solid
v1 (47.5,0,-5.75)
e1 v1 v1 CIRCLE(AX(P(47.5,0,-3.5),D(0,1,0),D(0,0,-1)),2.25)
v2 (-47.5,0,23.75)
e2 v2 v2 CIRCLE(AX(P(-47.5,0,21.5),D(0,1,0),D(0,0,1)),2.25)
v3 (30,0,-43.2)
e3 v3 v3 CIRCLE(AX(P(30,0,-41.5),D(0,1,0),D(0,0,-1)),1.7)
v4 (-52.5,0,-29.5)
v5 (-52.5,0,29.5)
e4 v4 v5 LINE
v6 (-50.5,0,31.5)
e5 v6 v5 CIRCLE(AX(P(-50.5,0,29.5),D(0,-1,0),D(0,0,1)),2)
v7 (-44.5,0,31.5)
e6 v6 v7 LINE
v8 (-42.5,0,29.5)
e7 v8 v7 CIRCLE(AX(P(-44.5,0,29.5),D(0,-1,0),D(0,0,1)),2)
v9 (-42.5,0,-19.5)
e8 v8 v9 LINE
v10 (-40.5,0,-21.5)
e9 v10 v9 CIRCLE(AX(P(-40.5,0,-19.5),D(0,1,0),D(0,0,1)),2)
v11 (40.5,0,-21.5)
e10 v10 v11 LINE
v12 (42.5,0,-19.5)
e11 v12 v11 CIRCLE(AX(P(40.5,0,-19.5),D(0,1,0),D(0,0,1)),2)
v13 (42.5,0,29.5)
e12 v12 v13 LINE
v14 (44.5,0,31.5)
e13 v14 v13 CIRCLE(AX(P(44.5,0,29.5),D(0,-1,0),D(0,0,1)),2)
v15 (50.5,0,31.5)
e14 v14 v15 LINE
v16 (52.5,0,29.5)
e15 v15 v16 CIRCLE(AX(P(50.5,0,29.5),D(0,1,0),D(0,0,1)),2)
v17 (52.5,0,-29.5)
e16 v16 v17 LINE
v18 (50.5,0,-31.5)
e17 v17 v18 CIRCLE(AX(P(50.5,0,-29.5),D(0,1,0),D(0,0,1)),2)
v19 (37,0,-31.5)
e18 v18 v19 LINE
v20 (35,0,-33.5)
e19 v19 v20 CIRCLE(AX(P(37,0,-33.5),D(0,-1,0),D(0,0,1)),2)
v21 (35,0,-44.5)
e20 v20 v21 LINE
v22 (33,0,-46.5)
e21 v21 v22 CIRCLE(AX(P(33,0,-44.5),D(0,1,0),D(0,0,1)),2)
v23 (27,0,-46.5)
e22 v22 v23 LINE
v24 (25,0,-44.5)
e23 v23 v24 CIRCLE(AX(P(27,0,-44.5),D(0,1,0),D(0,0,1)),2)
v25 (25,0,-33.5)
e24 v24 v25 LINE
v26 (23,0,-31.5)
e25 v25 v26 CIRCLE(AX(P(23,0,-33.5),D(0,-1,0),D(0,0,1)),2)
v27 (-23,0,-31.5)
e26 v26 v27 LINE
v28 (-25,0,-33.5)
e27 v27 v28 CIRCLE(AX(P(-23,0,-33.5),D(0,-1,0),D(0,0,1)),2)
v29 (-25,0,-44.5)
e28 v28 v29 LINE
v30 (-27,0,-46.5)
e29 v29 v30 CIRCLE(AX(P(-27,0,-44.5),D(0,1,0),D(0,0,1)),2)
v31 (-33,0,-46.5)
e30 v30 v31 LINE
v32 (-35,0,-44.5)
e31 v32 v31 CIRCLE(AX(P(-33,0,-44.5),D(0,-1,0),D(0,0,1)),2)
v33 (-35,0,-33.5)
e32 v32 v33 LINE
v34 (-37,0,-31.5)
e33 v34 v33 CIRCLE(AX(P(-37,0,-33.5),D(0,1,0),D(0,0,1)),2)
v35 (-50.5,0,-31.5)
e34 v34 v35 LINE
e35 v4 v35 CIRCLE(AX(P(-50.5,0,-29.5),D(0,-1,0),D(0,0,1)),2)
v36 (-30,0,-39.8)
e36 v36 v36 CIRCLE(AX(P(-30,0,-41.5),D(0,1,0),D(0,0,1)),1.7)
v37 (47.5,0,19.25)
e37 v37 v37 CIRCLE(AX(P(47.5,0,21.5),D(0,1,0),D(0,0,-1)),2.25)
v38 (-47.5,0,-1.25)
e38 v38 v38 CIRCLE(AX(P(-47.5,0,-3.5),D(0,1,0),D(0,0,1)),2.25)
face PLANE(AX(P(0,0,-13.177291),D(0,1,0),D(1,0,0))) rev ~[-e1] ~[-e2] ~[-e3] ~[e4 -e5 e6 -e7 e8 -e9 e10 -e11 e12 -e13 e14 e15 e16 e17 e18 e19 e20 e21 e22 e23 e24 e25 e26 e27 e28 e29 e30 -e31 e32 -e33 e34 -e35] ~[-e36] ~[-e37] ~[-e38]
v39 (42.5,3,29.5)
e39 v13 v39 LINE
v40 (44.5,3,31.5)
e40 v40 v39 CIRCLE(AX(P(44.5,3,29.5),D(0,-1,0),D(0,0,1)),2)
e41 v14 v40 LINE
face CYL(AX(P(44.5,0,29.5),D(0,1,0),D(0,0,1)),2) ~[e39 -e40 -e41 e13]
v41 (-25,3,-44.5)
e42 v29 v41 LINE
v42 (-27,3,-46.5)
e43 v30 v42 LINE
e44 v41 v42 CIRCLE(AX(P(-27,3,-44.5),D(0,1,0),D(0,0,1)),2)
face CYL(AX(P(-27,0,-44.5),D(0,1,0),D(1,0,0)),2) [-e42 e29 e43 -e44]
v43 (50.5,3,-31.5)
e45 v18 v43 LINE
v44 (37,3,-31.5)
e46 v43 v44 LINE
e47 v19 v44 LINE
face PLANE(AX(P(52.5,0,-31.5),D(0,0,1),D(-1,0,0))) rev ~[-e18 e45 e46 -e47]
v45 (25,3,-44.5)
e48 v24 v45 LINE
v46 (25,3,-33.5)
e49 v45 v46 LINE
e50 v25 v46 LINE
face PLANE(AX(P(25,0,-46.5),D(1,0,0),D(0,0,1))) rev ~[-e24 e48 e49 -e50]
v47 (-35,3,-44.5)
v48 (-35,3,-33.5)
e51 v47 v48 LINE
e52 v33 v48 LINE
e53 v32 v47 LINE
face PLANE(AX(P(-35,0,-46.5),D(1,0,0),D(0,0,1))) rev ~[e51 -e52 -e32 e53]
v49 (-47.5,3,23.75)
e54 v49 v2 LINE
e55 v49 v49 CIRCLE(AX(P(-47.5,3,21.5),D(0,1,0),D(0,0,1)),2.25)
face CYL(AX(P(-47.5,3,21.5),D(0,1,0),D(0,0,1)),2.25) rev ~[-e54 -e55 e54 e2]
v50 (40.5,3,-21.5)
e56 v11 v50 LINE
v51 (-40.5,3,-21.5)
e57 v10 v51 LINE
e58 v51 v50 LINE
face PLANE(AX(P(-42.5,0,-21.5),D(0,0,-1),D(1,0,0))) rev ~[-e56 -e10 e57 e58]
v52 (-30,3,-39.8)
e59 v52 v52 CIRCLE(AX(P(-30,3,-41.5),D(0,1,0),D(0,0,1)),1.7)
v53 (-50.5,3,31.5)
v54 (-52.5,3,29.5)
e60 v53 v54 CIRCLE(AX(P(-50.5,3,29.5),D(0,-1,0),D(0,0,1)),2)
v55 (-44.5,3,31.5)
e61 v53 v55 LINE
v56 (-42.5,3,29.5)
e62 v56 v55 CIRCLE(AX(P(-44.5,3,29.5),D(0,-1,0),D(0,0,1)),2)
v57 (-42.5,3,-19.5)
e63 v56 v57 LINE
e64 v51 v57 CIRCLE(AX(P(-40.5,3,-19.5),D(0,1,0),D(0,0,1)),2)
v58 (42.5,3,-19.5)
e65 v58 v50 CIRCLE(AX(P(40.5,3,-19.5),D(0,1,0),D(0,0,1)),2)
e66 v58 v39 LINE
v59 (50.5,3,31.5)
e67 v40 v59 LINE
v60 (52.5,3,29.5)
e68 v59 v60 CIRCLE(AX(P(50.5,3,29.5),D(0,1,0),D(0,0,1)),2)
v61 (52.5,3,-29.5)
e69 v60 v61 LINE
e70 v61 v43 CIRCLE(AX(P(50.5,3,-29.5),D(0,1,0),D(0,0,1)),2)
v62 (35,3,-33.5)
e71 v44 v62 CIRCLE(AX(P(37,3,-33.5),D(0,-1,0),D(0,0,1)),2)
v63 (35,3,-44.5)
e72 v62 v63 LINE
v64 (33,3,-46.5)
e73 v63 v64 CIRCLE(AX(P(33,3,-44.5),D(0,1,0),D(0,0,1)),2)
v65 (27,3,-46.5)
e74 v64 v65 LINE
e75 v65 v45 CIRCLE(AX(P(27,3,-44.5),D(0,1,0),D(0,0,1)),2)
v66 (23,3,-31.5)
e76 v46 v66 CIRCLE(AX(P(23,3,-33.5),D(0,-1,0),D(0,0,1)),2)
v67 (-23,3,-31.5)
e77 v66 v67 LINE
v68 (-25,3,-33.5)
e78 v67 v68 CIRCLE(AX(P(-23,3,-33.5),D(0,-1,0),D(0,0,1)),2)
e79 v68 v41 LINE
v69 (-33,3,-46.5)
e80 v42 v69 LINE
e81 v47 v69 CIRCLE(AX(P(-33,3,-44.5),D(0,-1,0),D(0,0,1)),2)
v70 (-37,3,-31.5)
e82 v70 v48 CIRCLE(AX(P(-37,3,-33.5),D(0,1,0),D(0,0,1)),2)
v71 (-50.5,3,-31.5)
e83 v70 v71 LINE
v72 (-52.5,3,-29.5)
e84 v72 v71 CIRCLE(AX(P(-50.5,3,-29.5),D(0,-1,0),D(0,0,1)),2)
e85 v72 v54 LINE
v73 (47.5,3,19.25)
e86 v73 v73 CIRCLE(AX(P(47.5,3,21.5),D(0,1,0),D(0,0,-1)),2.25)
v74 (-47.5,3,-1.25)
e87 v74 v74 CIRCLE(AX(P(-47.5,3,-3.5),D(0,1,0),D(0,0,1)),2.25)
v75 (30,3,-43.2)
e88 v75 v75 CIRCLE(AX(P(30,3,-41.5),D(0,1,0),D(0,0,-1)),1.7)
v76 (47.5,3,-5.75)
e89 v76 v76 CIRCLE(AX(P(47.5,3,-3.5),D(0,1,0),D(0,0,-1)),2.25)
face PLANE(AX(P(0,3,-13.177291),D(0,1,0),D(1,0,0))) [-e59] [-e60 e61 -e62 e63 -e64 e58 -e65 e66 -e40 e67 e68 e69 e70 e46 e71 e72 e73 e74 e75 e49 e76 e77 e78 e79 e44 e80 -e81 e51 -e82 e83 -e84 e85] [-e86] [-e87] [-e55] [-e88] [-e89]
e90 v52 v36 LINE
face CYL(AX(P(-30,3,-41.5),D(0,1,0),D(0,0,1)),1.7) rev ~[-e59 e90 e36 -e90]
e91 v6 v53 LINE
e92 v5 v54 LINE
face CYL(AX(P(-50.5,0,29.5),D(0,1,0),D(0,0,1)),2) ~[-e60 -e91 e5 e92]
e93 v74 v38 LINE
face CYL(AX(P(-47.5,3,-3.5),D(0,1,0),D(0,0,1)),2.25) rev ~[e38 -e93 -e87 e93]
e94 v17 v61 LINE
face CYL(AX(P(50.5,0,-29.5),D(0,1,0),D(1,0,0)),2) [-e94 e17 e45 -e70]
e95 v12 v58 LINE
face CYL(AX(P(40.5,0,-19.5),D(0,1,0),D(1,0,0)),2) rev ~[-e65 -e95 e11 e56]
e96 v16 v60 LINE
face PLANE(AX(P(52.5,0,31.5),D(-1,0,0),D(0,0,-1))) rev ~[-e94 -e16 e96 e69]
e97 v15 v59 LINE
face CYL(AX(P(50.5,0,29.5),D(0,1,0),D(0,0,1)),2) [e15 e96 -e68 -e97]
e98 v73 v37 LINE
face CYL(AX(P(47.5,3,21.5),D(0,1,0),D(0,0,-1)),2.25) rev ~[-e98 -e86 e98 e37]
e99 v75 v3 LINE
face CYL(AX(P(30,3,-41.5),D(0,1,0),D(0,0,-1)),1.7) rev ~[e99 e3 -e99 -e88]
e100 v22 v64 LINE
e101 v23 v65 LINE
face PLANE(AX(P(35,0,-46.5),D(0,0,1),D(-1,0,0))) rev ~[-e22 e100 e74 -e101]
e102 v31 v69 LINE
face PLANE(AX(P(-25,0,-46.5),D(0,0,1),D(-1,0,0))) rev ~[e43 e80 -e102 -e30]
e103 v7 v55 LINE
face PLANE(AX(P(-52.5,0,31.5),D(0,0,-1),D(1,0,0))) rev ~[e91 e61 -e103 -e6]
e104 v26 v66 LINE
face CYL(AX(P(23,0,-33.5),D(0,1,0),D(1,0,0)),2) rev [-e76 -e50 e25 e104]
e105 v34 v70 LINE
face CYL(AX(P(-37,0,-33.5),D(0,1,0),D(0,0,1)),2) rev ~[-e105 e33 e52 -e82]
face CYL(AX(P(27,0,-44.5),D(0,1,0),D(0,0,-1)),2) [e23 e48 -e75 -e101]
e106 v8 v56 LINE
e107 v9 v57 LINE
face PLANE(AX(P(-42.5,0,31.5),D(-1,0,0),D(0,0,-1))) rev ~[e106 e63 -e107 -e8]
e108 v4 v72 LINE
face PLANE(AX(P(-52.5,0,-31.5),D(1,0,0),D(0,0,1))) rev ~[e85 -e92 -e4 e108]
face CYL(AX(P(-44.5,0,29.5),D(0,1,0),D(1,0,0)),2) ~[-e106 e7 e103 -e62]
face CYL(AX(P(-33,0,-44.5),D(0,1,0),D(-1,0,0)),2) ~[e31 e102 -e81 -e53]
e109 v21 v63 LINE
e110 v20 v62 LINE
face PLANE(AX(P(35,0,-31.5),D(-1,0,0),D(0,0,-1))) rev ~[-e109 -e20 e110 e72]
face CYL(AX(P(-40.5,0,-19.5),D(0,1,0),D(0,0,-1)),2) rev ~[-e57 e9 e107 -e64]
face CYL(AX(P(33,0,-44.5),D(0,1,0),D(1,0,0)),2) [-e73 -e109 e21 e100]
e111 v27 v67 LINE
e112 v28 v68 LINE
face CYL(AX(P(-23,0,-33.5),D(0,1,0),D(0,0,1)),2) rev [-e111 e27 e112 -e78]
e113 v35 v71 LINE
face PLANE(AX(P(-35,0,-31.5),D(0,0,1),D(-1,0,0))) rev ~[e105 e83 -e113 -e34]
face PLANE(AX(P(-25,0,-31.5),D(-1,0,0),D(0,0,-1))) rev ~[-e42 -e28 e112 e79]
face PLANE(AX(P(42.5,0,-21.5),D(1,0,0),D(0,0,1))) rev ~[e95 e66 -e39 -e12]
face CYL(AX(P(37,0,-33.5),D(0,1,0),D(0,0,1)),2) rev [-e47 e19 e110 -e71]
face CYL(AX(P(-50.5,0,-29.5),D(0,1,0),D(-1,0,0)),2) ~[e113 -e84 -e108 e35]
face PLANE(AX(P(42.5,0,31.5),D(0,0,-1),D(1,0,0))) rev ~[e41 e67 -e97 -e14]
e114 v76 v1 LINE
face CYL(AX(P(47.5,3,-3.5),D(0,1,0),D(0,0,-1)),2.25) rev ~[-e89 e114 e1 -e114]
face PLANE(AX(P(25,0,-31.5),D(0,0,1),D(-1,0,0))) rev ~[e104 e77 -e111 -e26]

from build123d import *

# Parameters (mm, degrees)
EXTRUDE_1_DEPTH     = 3
SKETCH_2_R          = 2.25
SKETCH_2_R_2        = 1.7
CUT_EXTRUDE_1_DEPTH = 3
FILLET_1_R          = 2


with BuildPart() as part:
    # 草图1 → 凸台-拉伸1 (new body)
    with BuildSketch(Plane(origin=(0, 0, 0), x_dir=(1, 0, 0), z_dir=(0, 1, 0))):
        Polygon((42.5, -31.5), (52.5, -31.5), (52.5, 31.5), (35, 31.5), (35, 46.5), (25, 46.5), (25, 31.5), (-25, 31.5), (-25, 46.5), (-35, 46.5), (-35, 31.5), (-52.5, 31.5), (-52.5, -31.5), (-42.5, -31.5), (-42.5, 21.5), (42.5, 21.5), align=None)
    extrude(amount=EXTRUDE_1_DEPTH)

    # 草图2 → 切除-拉伸1 (cut)
    with BuildSketch(Plane(origin=(0, 3, 0), x_dir=(1, 0, 0), z_dir=(0, 1, 0))):
        with Locations(Location((-47.5, -21.5, 0), (0, 0, 270))):
            Circle(SKETCH_2_R)
        with Locations(Location((-47.5, 3.5, 0), (0, 0, 270))):
            Circle(SKETCH_2_R)
        with Locations(Location((-30, 41.5, 0), (0, 0, 270))):
            Circle(SKETCH_2_R_2)
        with Locations(Location((47.5, -21.5, 0), (0, 0, 90))):
            Circle(SKETCH_2_R)
        with Locations(Location((47.5, 3.5, 0), (0, 0, 90))):
            Circle(SKETCH_2_R)
        with Locations(Location((30, 41.5, 0), (0, 0, 90))):
            Circle(SKETCH_2_R_2)
    extrude(amount=-CUT_EXTRUDE_1_DEPTH, mode=Mode.SUBTRACT)

    # 圆角1
    fillet_1_edges = [part.edges().sort_by_distance(p)[0] for p in [
        (52.5, 1.5, -31.5),
        (52.5, 1.5, 31.5),
        (42.5, 1.5, 31.5),
        (42.5, 1.5, -21.5),
        (-42.5, 1.5, -21.5),
        (-42.5, 1.5, 31.5),
        (-52.5, 1.5, 31.5),
        (-52.5, 1.5, -31.5),
        (-35, 1.5, -31.5),
        (-35, 1.5, -46.5),
        (-25, 1.5, -46.5),
        (-25, 1.5, -31.5),
        (25, 1.5, -31.5),
        (25, 1.5, -46.5),
        (35, 1.5, -46.5),
        (35, 1.5, -31.5),
    ]]
    fillet(fillet_1_edges, radius=FILLET_1_R)


solid = part.part
